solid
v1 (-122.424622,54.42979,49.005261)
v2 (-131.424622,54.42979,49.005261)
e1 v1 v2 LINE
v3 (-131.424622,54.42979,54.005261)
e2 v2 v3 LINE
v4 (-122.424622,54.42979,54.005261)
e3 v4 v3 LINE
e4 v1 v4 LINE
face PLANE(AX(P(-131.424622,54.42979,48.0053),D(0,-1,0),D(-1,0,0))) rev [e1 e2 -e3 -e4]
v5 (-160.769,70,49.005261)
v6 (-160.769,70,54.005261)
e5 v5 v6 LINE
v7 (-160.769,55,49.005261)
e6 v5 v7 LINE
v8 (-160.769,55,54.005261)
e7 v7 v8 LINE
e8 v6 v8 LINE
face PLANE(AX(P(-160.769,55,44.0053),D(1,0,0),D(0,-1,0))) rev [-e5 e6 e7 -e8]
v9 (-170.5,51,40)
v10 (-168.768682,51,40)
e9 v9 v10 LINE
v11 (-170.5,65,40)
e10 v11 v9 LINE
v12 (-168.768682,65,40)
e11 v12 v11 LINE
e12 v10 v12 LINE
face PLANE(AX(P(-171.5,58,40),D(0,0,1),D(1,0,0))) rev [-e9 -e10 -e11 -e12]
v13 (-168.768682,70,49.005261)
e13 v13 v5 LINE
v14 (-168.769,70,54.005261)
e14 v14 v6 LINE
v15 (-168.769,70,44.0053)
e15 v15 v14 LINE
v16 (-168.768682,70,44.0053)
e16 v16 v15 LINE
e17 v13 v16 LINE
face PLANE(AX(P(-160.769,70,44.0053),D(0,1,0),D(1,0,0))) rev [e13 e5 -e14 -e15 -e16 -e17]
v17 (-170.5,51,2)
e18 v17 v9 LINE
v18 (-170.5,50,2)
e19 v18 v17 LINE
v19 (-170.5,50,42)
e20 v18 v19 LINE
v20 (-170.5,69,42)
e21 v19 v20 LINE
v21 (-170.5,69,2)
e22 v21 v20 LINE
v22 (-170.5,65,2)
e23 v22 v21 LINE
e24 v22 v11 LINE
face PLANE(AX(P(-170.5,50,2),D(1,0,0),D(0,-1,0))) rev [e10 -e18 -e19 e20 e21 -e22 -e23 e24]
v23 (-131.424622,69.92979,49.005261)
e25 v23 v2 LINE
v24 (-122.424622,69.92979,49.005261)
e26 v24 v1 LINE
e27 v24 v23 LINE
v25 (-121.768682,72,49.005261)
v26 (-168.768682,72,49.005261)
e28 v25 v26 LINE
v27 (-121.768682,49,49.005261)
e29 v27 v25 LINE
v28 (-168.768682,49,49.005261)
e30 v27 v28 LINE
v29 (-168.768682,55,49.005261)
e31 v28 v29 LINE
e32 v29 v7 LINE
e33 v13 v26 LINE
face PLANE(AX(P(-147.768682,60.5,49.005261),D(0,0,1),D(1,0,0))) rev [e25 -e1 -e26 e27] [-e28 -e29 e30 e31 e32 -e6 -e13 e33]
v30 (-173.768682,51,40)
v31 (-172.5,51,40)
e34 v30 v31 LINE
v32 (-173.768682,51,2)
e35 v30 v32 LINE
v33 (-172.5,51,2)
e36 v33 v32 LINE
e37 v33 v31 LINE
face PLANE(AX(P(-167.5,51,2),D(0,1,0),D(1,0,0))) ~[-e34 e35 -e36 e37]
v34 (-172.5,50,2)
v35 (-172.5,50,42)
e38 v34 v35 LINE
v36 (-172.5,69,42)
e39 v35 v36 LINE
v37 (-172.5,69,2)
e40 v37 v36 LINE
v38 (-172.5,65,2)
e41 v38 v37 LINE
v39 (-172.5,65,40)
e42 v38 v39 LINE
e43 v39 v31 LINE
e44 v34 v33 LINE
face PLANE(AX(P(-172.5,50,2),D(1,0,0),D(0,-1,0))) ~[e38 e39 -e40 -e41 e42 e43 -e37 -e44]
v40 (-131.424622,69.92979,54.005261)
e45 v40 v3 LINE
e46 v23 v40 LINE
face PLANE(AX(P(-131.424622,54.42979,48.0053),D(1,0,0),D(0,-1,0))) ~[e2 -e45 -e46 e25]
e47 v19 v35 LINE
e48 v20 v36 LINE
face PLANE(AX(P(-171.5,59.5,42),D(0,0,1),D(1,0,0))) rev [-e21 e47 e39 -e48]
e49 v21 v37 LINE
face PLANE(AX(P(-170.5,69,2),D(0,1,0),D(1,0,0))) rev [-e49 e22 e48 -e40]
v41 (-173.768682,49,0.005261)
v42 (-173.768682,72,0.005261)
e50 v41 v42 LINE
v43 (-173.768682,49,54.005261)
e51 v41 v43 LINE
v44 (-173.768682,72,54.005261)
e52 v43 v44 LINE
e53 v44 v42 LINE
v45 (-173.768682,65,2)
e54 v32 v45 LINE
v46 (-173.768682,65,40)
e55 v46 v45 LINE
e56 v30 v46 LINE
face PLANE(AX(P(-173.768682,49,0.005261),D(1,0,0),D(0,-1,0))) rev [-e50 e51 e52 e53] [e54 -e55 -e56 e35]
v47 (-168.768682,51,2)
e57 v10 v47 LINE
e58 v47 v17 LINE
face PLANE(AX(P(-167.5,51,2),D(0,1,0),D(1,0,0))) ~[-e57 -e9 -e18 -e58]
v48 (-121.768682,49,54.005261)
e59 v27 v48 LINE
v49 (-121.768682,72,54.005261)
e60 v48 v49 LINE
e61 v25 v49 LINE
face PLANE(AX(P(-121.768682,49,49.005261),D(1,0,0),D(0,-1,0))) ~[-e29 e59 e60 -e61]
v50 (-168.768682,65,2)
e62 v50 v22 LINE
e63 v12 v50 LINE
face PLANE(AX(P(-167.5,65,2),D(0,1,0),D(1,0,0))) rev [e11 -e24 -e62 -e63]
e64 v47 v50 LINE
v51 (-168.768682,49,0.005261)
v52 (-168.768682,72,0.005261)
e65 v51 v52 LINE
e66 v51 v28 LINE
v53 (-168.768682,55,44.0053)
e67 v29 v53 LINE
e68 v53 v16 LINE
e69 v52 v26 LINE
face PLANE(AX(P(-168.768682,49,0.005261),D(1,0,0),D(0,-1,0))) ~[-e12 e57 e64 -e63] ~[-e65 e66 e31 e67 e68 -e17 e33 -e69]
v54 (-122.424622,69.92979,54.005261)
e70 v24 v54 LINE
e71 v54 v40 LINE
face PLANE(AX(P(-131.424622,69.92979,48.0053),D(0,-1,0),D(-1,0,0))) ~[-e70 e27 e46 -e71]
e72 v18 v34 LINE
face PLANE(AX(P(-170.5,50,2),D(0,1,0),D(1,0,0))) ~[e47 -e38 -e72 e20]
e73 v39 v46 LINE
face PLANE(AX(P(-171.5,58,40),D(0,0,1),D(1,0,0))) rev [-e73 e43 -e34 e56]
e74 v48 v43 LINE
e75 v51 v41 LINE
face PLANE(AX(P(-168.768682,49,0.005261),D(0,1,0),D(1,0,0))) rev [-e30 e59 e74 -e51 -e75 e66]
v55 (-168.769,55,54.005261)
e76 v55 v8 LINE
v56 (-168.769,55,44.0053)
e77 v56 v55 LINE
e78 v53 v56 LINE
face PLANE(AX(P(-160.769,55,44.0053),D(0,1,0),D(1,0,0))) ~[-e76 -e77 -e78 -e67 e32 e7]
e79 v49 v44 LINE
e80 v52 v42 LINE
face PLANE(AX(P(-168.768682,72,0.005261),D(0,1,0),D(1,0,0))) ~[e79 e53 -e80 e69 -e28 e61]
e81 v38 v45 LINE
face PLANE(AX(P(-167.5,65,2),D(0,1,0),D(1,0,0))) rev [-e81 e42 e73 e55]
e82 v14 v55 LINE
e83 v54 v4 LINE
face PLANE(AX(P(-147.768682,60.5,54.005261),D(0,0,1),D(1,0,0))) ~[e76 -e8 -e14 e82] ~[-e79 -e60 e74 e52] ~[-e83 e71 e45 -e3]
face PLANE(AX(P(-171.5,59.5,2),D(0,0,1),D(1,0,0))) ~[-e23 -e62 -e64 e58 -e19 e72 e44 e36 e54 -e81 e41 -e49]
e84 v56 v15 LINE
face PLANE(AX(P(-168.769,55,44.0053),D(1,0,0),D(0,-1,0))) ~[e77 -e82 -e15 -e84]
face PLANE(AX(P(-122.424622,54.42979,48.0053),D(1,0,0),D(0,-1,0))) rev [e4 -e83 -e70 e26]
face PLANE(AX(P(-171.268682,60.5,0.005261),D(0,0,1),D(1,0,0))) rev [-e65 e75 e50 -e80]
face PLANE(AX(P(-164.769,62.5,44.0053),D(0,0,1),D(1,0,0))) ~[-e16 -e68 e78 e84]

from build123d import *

# Parameters (mm, degrees)
SKETCH041_W                = 15.5
SKETCH041_H                = 9
EXTRUDE039_DEPTH           = 6
EXTRUDE039_PLACEMENT_ANGLE = 90
BOX075_W                   = 8
BOX075_H                   = 15
BOX075_DEPTH               = 15
BOX073_W                   = 2
BOX073_H                   = 14
BOX073_DEPTH               = 37
BOX072_W                   = 2
BOX072_H                   = 19
BOX072_DEPTH               = 40
BOX074_W                   = 8
BOX074_H                   = 14
BOX074_DEPTH               = 38
BOX071_W                   = 5
BOX071_H                   = 23
BOX071_DEPTH               = 49
BOX070_W                   = 52
BOX070_H                   = 23
BOX070_DEPTH               = 5


with BuildPart() as tab002:
    # Sketch041 → Extrude039 (new body)
    with BuildSketch(Plane.XY):
        with Locations((3.19859, 5.867378)):
            Rectangle(SKETCH041_W, SKETCH041_H)
    extrude(amount=EXTRUDE039_DEPTH)


with BuildPart() as tab002_1:
    # Extrude039 placement: moved
    add(tab002.part.moved(Location((142.792, 58.9812, 48.0053))).rotate(Axis((142.792, 58.9812, 48.0053), (0, 0, 1)), EXTRUDE039_PLACEMENT_ANGLE))


with BuildPart() as cables_cut_encoder_piece001:
    # Box075 → Box075 (new body)
    with BuildSketch(Plane(origin=(170.769, 55, 44.0053), x_dir=(1, 0, 0), z_dir=(0, 0, 1))):
        with Locations((4, 7.5)):
            Rectangle(BOX075_W, BOX075_H)
    extrude(amount=BOX075_DEPTH)


with BuildPart() as cube022:
    # Box073 → Box073 (new body)
    with BuildSketch(Plane(origin=(201.5, 38, 3), x_dir=(1, 0, 0), z_dir=(0, 0, 1))):
        with Locations((1, 7)):
            Rectangle(BOX073_W, BOX073_H)
    extrude(amount=BOX073_DEPTH)


with BuildPart() as cube021:
    # Box072 → Box072 (new body)
    with BuildSketch(Plane(origin=(203.5, 37, 2), x_dir=(1, 0, 0), z_dir=(0, 0, 1))):
        with Locations((1, 9.5)):
            Rectangle(BOX072_W, BOX072_H)
    extrude(amount=BOX072_DEPTH)


with BuildPart() as encoder_support_slider001:
    # Box074 → Box074 (new body)
    with BuildSketch(Plane(origin=(200.5, 38, 2), x_dir=(1, 0, 0), z_dir=(0, 0, 1))):
        with Locations((4, 7)):
            Rectangle(BOX074_W, BOX074_H)
    extrude(amount=BOX074_DEPTH)

    # Fusion133: union Cube022, Cube021
    add(cube022.part)
    add(cube021.part)


with BuildPart() as encoder_support_slider001_1:
    # Fusion133 placement: moved
    add(encoder_support_slider001.part.moved(Location((0, -2, 0))))


with BuildPart() as cube020:
    # Box071 → Box071 (new body)
    with BuildSketch(Plane(origin=(201.768682, 38, 0.005261), x_dir=(1, 0, 0), z_dir=(0, 0, 1))):
        with Locations((2.5, 11.5)):
            Rectangle(BOX071_W, BOX071_H)
    extrude(amount=BOX071_DEPTH)


with BuildPart() as encoder_support_with_tab001:
    # Box070 → Box070 (new body)
    with BuildSketch(Plane(origin=(154.768682, 38, 49.005261), x_dir=(1, 0, 0), z_dir=(0, 0, 1))):
        with Locations((26, 11.5)):
            Rectangle(BOX070_W, BOX070_H)
    extrude(amount=BOX070_DEPTH)

    # Fusion132: union Cube020
    add(cube020.part)


with BuildPart() as encoder_support_with_tab001_1:
    # Fusion132 placement: moved
    add(encoder_support_with_tab001.part.moved(Location((0, -4, 0))))

    # Cut078: cut Encoder support slider001
    add(encoder_support_slider001_1.part, mode=Mode.SUBTRACT)


with BuildPart() as encoder_support_with_tab001_2:
    # Cut078 placement: moved
    add(encoder_support_with_tab001_1.part.moved(Location((-23, 15, 0))))

    # Cut079: cut Cables cut encoder piece001
    add(cables_cut_encoder_piece001.part, mode=Mode.SUBTRACT)

    # Cut080: cut Tab002
    add(tab002_1.part, mode=Mode.SUBTRACT)


with BuildPart() as part_mirroring013:
    # Part__Mirroring013: instance of Encoder support with tab001
    add(encoder_support_with_tab001_2.part.mirror(Plane(origin=(5, 0, 0), x_dir=(0, -1, 0), z_dir=(1, 0, 0))))


solid = part_mirroring013.part
